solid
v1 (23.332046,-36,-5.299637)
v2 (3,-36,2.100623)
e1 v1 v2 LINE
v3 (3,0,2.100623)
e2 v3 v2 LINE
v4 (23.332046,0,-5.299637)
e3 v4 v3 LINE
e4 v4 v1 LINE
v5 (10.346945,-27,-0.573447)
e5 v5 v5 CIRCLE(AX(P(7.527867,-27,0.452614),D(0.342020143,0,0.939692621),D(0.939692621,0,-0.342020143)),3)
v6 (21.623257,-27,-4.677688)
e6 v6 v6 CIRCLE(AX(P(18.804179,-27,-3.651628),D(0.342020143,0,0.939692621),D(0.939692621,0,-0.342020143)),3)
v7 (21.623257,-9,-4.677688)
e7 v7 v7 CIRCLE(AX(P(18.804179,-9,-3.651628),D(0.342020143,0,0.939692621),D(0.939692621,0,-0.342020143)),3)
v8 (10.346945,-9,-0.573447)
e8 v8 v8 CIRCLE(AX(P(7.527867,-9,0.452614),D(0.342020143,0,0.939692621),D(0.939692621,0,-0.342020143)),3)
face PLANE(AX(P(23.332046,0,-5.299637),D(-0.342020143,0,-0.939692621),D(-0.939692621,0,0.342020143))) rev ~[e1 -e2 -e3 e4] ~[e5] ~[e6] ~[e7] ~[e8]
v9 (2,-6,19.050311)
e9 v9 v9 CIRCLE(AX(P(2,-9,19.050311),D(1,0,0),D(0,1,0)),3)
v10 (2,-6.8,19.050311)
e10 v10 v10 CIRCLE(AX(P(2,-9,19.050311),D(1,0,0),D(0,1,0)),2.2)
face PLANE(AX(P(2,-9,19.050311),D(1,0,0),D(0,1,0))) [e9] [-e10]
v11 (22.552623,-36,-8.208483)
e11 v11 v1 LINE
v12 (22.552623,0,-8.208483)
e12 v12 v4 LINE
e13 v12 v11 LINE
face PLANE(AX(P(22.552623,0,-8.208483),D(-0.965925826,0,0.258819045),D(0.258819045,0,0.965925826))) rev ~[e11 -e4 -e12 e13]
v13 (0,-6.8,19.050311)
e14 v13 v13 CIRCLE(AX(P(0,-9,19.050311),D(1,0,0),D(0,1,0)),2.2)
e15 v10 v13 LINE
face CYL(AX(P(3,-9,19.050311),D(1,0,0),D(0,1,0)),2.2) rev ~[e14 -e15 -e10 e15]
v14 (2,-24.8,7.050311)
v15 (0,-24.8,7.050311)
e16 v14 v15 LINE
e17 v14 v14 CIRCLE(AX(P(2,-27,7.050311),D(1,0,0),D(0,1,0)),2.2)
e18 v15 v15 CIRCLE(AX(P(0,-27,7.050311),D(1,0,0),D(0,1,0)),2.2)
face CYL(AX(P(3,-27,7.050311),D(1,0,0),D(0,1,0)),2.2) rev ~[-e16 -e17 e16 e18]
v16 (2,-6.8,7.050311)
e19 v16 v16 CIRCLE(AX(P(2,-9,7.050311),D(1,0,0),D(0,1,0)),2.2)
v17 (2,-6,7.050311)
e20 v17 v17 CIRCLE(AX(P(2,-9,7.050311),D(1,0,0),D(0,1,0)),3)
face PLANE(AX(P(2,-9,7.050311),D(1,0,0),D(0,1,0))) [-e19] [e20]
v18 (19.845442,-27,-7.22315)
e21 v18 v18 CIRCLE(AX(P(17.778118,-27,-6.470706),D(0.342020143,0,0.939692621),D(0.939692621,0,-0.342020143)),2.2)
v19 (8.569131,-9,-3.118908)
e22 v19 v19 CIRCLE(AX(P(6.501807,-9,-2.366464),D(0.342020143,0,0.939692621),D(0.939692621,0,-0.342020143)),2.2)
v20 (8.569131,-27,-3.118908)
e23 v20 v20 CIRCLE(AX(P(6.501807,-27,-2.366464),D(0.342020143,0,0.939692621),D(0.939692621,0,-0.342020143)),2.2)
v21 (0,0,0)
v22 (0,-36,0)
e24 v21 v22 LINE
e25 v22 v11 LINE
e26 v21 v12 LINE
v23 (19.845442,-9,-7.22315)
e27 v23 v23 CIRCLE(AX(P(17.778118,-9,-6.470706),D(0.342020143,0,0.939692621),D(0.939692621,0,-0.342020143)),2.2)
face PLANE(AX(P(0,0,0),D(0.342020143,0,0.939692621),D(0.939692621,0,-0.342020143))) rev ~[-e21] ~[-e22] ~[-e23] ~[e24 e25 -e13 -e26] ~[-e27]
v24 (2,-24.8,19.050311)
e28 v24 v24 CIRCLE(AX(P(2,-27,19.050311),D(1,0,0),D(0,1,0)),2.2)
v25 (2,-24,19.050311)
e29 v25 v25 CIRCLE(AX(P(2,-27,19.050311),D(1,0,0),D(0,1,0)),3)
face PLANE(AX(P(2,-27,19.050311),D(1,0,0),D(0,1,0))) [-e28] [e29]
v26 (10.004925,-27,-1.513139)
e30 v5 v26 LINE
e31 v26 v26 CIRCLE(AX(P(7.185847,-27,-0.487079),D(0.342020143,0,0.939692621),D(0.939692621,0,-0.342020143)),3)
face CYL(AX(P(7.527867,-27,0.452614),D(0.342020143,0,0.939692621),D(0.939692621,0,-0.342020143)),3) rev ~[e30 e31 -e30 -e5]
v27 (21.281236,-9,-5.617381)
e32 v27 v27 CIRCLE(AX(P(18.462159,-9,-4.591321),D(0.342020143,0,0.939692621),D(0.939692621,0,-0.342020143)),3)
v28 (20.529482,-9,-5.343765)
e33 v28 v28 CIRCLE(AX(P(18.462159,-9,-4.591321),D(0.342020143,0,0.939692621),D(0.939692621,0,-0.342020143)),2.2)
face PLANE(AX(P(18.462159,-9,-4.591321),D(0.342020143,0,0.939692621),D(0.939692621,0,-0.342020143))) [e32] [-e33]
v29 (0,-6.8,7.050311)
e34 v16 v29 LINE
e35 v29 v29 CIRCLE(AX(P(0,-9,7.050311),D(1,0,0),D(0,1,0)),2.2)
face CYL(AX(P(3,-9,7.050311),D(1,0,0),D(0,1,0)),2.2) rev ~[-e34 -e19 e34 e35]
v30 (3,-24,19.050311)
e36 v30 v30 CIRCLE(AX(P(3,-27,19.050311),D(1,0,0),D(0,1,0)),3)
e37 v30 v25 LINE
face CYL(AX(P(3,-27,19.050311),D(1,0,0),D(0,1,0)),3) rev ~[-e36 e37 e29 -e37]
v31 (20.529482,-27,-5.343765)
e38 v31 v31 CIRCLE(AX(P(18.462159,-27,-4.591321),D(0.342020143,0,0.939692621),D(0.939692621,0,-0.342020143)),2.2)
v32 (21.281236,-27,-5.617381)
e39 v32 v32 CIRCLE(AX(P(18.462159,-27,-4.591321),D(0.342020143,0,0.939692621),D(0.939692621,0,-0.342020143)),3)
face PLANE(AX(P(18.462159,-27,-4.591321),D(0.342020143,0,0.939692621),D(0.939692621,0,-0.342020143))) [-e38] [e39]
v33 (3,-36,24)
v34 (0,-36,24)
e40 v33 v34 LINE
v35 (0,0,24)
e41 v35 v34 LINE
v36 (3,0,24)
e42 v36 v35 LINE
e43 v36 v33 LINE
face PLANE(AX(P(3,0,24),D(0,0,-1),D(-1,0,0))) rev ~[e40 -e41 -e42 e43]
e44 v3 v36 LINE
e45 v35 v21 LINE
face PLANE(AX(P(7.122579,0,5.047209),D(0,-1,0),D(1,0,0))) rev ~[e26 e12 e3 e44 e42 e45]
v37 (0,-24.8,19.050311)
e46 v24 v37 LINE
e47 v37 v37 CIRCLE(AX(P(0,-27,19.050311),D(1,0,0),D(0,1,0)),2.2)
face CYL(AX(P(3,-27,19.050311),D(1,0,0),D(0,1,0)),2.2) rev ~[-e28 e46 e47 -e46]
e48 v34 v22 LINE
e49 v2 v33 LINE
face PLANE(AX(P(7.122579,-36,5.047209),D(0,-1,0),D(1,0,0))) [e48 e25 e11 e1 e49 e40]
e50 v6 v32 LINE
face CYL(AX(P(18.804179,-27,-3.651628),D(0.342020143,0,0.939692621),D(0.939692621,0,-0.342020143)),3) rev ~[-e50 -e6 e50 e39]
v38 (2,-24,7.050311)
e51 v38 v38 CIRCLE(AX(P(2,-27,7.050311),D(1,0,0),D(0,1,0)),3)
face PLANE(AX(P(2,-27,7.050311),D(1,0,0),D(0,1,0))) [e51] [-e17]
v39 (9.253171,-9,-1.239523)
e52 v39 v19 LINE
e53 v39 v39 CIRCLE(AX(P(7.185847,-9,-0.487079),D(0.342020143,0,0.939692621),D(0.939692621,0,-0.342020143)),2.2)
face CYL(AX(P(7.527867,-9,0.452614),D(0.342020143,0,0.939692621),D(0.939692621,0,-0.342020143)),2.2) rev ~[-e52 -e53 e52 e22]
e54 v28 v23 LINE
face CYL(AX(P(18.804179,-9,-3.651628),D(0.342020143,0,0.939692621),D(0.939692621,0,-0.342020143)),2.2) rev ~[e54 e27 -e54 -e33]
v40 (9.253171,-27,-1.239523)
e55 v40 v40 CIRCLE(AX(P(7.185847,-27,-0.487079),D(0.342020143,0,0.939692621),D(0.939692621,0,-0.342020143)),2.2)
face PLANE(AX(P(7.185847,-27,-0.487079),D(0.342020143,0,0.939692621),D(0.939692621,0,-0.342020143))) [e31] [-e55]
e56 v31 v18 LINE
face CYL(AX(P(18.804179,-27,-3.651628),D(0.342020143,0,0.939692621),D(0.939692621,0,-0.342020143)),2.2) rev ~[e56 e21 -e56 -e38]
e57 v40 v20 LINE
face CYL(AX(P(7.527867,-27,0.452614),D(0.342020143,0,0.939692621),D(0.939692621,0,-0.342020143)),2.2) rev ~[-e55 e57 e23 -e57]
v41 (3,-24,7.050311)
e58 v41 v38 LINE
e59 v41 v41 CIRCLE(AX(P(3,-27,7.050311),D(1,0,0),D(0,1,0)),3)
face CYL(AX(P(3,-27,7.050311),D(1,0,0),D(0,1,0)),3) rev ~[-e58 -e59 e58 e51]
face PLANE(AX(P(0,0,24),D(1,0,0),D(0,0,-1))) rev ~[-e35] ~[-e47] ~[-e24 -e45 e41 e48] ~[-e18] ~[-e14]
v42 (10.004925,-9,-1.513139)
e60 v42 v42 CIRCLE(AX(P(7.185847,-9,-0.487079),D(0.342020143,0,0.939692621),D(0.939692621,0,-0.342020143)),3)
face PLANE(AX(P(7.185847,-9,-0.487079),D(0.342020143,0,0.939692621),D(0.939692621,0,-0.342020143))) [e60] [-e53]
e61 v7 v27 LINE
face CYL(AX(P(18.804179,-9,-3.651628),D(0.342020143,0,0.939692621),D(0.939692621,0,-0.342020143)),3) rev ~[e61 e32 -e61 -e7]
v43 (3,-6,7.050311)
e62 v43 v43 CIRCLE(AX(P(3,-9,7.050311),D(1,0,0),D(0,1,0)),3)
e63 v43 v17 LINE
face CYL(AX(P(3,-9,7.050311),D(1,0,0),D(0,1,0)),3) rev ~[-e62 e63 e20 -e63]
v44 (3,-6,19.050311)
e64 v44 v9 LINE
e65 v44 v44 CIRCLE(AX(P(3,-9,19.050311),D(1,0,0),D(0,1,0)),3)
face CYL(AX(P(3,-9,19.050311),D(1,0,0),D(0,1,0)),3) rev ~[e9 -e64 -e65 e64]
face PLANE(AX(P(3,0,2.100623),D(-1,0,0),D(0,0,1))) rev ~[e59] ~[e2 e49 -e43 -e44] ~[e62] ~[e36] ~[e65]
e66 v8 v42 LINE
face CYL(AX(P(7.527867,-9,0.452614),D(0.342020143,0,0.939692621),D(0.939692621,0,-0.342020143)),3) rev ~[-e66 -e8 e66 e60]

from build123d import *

# Parameters (mm, degrees)
F1_DEPTH = 36
F2_R     = 2.2
F4_DEPTH = 3.001
F3_R     = 2.2
F5_DEPTH = 10.7144513162
F3_R_2   = 3
F6_DEPTH = 1
F2_R_2   = 3
F7_DEPTH = 1


with BuildPart() as f1:
    # F0 (on Front) → F1 (new body)
    with BuildSketch(Plane.XZ):
        Polygon((0, 24), (0, 0), (22.5526228989, -8.2084834398), (23.3320459743, -5.2996369217), (3, 2.1006226146), (3, 24), align=None)
    extrude(amount=F1_DEPTH)

    # F2 (on face) → F4 (cut, through all)
    with BuildSketch(Plane.YZ.offset(3)):
        with Locations((-27, 19.0503113073)):
            Circle(F2_R)
        with Locations((-27, 7.0503113073)):
            Circle(F2_R)
        with Locations((-9, 7.0503113073)):
            Circle(F2_R)
        with Locations((-9, 19.0503113073)):
            Circle(F2_R)
    extrude(amount=-F4_DEPTH, mode=Mode.SUBTRACT)

    # F3 (on face) → F5 (cut, through all)
    with BuildSketch(Plane(origin=(1.02606043, 0, 2.8190778624), x_dir=(0.9396926208, 0, -0.3420201433), z_dir=(0.3420201433, 0, 0.9396926208))):
        with Locations((6.919078312, -27)):
            Circle(F3_R)
        with Locations((18.919078312, -27)):
            Circle(F3_R)
        with Locations((6.919078312, -9)):
            Circle(F3_R)
        with Locations((18.919078312, -9)):
            Circle(F3_R)
    extrude(amount=-F5_DEPTH, mode=Mode.SUBTRACT)

    # F3 (on face) → F6 (cut)
    with BuildSketch(Plane(origin=(1.02606043, 0, 2.8190778624), x_dir=(0.9396926208, 0, -0.3420201433), z_dir=(0.3420201433, 0, 0.9396926208))):
        with Locations((6.919078312, -27)):
            Circle(F3_R_2)
        with Locations((6.919078312, -27)):
            Circle(F3_R, mode=Mode.SUBTRACT)
        with Locations((18.919078312, -27)):
            Circle(F3_R_2)
        with Locations((18.919078312, -27)):
            Circle(F3_R, mode=Mode.SUBTRACT)
        with Locations((18.919078312, -9)):
            Circle(F3_R_2)
        with Locations((18.919078312, -9)):
            Circle(F3_R, mode=Mode.SUBTRACT)
        with Locations((6.919078312, -9)):
            Circle(F3_R_2)
        with Locations((6.919078312, -9)):
            Circle(F3_R, mode=Mode.SUBTRACT)
    extrude(amount=-F6_DEPTH, mode=Mode.SUBTRACT)

    # F2 (on face) → F7 (cut)
    with BuildSketch(Plane.YZ.offset(3)):
        with Locations((-27, 19.0503113073)):
            Circle(F2_R_2)
        with Locations((-27, 19.0503113073)):
            Circle(F2_R, mode=Mode.SUBTRACT)
        with Locations((-9, 7.0503113073)):
            Circle(F2_R_2)
        with Locations((-9, 7.0503113073)):
            Circle(F2_R, mode=Mode.SUBTRACT)
        with Locations((-9, 19.0503113073)):
            Circle(F2_R_2)
        with Locations((-9, 19.0503113073)):
            Circle(F2_R, mode=Mode.SUBTRACT)
        with Locations((-27, 7.0503113073)):
            Circle(F2_R_2)
        with Locations((-27, 7.0503113073)):
            Circle(F2_R, mode=Mode.SUBTRACT)
    extrude(amount=-F7_DEPTH, mode=Mode.SUBTRACT)


solid = f1.part
